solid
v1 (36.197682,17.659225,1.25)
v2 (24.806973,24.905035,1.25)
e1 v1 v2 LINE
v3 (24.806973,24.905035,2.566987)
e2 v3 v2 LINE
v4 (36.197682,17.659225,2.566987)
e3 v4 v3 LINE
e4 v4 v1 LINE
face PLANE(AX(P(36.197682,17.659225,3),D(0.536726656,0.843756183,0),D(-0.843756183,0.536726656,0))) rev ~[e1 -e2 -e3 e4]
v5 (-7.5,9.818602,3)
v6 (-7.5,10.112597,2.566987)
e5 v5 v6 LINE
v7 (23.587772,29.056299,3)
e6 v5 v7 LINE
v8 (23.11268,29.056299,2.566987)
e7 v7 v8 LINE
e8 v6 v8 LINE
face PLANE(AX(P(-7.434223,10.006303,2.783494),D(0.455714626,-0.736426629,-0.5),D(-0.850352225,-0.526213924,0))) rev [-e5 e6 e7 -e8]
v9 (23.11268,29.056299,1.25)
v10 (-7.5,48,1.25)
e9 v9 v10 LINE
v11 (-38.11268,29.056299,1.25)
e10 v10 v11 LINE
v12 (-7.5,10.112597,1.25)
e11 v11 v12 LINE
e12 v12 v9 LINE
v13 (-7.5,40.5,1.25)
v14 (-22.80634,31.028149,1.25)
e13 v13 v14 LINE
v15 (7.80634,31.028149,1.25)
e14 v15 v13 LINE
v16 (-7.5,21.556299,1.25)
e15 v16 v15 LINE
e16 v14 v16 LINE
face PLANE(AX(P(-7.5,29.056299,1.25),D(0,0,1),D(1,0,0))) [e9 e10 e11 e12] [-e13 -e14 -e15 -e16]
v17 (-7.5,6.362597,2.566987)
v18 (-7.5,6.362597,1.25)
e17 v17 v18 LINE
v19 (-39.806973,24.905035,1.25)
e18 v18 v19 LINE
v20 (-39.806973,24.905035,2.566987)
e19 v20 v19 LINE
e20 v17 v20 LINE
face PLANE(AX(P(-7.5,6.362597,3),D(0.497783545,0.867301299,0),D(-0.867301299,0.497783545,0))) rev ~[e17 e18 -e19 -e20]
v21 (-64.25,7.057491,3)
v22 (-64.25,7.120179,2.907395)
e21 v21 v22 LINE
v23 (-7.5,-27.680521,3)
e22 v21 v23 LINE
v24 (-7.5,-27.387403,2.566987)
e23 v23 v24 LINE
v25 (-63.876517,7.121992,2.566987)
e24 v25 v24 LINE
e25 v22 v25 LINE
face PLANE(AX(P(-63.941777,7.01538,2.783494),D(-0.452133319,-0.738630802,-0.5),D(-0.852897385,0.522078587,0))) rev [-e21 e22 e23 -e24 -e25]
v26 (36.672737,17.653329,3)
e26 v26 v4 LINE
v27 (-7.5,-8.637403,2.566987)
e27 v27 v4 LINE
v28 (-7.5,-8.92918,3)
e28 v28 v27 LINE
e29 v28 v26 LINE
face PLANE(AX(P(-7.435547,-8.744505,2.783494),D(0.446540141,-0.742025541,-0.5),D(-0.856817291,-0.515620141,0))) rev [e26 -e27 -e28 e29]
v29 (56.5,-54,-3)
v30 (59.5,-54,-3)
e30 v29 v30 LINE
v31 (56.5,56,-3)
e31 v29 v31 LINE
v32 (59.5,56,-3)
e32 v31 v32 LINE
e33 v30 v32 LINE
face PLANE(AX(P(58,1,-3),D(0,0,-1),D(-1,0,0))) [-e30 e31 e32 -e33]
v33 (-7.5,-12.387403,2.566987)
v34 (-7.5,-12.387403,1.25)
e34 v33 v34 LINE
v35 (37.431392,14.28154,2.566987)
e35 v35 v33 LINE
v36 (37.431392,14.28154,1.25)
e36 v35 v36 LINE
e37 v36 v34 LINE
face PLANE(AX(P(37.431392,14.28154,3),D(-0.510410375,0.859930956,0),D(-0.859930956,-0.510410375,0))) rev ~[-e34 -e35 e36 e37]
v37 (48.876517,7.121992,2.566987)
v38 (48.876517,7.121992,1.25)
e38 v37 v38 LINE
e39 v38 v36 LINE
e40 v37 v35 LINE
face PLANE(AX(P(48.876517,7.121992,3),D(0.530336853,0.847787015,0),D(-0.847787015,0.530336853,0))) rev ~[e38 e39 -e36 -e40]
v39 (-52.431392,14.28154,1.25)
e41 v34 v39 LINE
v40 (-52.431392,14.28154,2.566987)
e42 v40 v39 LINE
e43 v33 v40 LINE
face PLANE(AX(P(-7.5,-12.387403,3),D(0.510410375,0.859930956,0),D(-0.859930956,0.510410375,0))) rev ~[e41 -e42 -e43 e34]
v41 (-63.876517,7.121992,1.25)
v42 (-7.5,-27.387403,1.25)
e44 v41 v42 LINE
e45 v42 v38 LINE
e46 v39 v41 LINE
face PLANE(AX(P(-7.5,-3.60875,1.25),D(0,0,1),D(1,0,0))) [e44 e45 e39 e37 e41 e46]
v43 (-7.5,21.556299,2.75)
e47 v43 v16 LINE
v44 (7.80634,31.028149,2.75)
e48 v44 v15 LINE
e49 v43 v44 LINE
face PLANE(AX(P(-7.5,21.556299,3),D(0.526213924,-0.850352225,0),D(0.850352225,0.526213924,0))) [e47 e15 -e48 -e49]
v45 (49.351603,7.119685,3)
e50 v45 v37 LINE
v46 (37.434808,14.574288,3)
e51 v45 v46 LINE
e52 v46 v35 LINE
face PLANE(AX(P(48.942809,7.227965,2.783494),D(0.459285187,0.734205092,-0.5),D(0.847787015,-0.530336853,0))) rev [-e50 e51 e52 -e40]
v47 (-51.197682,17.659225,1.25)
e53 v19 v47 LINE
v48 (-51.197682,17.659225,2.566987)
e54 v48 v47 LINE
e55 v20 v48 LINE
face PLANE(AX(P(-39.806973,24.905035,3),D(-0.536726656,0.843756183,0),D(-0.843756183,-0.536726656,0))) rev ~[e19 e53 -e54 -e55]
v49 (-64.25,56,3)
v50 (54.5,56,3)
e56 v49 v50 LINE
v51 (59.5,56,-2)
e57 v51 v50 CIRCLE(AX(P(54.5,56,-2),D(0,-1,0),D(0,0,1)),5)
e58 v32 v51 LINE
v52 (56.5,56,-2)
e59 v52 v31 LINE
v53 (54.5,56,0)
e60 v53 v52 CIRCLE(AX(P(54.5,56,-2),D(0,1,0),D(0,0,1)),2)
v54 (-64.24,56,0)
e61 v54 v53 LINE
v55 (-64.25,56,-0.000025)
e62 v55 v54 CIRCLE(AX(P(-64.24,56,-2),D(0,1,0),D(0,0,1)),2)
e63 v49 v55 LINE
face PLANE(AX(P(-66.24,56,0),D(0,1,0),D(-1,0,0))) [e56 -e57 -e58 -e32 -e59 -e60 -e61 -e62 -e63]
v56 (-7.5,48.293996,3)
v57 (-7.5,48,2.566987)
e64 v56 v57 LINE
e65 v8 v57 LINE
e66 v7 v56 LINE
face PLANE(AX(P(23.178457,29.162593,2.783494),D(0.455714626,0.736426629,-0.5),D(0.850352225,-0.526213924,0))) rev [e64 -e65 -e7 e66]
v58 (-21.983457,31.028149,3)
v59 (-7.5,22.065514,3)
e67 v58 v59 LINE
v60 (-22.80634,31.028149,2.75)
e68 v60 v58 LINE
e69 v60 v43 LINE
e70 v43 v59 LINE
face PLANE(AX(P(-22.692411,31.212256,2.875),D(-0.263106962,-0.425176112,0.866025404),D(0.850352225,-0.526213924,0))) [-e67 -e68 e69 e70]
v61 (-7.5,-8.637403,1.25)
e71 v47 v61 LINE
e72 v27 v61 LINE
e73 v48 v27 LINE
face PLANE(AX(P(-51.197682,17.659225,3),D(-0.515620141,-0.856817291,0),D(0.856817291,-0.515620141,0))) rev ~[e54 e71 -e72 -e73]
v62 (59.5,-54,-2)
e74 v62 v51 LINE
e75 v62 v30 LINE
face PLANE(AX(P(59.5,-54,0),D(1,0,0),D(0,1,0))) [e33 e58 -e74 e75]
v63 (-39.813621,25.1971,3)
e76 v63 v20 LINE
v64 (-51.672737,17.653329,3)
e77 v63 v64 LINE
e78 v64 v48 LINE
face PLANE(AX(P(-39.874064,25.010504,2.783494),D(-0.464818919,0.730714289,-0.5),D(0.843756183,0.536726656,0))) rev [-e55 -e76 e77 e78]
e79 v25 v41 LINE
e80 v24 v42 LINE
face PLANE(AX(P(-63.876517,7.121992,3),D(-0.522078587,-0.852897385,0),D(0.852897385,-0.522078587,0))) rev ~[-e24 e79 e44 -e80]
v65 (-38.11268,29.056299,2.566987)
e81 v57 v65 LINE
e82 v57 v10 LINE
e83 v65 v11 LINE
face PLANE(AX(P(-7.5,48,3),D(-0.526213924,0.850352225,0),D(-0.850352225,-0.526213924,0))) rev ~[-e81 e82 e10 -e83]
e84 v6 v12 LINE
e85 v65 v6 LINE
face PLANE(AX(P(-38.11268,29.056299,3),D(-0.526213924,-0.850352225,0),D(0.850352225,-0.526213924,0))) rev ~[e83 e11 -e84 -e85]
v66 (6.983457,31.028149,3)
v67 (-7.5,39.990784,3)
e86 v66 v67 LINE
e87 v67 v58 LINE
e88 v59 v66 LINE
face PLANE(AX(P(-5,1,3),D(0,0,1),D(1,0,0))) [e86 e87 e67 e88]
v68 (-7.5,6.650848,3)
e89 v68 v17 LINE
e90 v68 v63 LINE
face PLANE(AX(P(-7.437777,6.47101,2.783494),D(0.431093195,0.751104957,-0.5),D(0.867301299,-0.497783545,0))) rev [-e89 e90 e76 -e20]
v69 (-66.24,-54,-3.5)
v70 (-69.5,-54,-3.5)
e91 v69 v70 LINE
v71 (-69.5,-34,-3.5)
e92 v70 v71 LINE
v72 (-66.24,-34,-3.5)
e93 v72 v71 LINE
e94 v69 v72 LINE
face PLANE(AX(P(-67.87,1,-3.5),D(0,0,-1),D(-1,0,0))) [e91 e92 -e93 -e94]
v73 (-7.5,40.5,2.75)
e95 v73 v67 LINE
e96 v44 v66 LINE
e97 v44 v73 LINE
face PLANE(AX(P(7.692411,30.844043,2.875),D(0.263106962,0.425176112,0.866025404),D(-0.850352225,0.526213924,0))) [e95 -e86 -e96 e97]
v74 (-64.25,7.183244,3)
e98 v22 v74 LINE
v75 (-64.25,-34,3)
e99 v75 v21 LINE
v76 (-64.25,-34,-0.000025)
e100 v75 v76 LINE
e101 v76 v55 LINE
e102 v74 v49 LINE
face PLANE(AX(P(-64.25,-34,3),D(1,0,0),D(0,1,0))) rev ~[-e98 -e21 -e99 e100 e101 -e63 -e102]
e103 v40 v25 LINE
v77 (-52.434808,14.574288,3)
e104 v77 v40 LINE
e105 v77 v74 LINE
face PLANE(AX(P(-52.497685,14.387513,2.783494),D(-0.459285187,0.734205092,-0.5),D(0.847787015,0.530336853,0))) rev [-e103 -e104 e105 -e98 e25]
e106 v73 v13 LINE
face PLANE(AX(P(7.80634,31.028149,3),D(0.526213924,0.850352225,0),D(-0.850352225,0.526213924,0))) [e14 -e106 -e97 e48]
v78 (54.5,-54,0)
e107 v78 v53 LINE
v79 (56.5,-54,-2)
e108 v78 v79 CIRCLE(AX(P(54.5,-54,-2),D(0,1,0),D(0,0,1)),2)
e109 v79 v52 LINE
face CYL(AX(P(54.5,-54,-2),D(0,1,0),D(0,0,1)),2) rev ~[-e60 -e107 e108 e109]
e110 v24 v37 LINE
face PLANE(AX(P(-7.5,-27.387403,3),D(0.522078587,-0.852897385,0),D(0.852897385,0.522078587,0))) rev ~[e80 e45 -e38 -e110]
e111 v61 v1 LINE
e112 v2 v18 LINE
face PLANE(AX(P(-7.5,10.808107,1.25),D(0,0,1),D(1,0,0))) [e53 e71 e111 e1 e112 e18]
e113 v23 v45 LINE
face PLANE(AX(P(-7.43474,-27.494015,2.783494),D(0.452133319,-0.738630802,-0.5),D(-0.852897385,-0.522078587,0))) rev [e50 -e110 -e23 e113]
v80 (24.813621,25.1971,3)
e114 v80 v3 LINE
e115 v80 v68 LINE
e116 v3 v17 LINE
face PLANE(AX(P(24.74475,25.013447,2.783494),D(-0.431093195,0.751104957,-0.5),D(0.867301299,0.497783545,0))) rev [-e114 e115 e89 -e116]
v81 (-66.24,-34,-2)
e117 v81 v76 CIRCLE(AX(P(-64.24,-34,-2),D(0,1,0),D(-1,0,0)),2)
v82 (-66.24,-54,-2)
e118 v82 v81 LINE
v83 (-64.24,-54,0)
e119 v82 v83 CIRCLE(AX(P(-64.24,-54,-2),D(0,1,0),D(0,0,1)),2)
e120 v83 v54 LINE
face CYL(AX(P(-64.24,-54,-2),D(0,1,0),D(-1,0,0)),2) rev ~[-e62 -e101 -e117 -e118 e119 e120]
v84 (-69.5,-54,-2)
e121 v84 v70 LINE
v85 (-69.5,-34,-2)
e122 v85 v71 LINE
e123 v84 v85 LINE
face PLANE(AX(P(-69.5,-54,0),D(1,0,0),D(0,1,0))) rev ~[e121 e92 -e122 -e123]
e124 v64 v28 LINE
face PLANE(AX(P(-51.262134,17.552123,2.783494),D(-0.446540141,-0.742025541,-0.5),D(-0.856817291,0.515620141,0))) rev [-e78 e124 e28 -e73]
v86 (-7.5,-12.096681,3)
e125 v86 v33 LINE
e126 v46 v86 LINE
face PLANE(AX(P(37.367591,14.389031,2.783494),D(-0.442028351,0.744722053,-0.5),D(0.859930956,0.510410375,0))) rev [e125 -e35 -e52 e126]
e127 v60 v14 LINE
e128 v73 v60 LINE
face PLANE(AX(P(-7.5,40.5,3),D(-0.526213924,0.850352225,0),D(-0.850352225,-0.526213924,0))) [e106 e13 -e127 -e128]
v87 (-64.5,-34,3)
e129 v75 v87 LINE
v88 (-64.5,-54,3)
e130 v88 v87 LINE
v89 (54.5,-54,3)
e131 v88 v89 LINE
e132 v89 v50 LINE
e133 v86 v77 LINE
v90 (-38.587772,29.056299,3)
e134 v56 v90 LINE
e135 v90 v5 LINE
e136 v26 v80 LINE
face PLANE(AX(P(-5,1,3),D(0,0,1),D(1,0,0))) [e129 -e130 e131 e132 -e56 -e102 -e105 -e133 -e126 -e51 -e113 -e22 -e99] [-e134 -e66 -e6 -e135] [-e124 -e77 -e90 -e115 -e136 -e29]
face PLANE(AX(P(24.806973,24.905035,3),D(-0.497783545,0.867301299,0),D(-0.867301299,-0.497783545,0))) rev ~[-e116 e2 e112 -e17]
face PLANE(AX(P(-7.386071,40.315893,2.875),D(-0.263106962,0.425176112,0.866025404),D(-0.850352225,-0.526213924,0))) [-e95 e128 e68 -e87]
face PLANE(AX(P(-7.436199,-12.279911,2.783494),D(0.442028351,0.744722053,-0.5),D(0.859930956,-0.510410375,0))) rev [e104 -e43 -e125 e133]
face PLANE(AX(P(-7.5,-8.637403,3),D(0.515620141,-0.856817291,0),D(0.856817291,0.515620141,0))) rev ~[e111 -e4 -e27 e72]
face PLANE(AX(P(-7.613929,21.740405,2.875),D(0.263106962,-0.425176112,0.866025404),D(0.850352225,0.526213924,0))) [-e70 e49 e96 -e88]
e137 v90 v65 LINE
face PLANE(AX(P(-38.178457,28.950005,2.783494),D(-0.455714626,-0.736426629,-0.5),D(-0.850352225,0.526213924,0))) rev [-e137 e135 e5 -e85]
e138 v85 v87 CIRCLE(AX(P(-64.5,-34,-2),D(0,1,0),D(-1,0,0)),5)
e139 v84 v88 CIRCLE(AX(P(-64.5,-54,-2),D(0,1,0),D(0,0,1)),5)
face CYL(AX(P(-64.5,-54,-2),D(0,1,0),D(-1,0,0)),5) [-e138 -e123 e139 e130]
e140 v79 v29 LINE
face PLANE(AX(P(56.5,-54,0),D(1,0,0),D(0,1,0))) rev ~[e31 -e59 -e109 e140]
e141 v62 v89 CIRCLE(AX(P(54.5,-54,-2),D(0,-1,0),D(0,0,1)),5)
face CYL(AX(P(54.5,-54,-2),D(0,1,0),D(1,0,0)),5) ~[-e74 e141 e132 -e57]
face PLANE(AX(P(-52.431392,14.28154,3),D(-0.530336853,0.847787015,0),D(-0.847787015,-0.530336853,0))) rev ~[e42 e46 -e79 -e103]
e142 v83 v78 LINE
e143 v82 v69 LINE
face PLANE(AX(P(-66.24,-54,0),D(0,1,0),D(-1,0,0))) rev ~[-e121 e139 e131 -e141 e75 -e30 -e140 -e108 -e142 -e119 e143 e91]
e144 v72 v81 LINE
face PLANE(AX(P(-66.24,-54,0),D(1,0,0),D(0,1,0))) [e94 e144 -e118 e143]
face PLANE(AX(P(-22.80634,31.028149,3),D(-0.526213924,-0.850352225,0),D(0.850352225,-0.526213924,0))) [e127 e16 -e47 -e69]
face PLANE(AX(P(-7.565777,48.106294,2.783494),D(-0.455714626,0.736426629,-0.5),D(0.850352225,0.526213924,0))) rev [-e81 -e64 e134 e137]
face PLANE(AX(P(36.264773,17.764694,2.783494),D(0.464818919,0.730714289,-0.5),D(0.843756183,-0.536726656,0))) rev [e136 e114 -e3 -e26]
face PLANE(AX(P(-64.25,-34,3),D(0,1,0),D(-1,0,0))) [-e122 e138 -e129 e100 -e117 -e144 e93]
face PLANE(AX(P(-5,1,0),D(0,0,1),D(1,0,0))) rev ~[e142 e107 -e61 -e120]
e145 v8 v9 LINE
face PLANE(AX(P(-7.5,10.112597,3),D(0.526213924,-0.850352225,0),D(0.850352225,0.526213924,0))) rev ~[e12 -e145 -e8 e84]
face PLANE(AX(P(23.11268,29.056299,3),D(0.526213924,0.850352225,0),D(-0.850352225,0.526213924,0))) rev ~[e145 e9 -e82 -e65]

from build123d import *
from OCP.BRepFilletAPI import BRepFilletAPI_MakeChamfer

# Parameters (mm, degrees)
SKETCH1_W           = 129
SKETCH1_H           = 110
BOSS_EXTRUDE1_DEPTH = 3
SKETCH8_W           = 3
SKETCH8_H           = 110
BOSS_EXTRUDE5_DEPTH = 3
FILLET4_R           = 2
FILLET5_R           = 5
SKETCH9_W           = 1
SKETCH9_H           = 110
BOSS_EXTRUDE6_DEPTH = 2.5
BOSS_EXTRUDE7_DEPTH = 110
CUT_EXTRUDE3_DEPTH  = 1.75
CHAMFER3_SIZE       = 0.25
CHAMFER3_SIZE2      = 0.433012702
SKETCH14_W          = 3.26
SKETCH14_H          = 110
BOSS_EXTRUDE8_DEPTH = 3.5
FILLET6_R           = 2
FILLET7_R           = 5
CUT_EXTRUDE4_START  = -6.5
SKETCH17_W          = 5.25
SKETCH17_H          = 90
CUT_EXTRUDE4_DEPTH  = 6.5
SKETCH18_W          = 3
SKETCH18_H          = 3.302013378
CUT_EXTRUDE5_DEPTH  = 110


with BuildPart() as part:
    # Sketch1 → Boss-Extrude1 (new body)
    with BuildSketch(Plane.XY):
        with Locations((-5, 1)):
            Rectangle(SKETCH1_W, SKETCH1_H)
    extrude(amount=BOSS_EXTRUDE1_DEPTH)

    # Sketch8 → Boss-Extrude5 (add)
    with BuildSketch(Plane(origin=(0, 0, 0), x_dir=(-1, 0, 0), z_dir=(0, 0, -1))):
        with Locations((-58, 1)):
            Rectangle(SKETCH8_W, SKETCH8_H)
    extrude(amount=BOSS_EXTRUDE5_DEPTH)

    # Fillet4
    fillet4_edges = [part.edges().sort_by_distance(p)[0] for p in [
        (56.5, 1, 0),
    ]]
    fillet(fillet4_edges, radius=FILLET4_R)

    # Fillet5
    fillet5_edges = [part.edges().sort_by_distance(p)[0] for p in [
        (59.5, 1, 3),
    ]]
    fillet(fillet5_edges, radius=FILLET5_R)

    # Sketch9 → Boss-Extrude6 (add)
    with BuildSketch(Plane(origin=(0, 0, -3), x_dir=(-1, 0, 0), z_dir=(0, 0, -1))):
        with Locations((-58, 1)):
            Rectangle(SKETCH9_W, SKETCH9_H)
    extrude(amount=BOSS_EXTRUDE6_DEPTH)

    # Sketch10 → Boss-Extrude7 (add, through all)
    with BuildSketch(Plane(origin=(0, 56, 0), x_dir=(1, 0, 0), z_dir=(0, 1, 0))):
        Polygon((57.5, 5.5), (57, 3), (57.5, 3), align=None)
    extrude(amount=-BOSS_EXTRUDE7_DEPTH)

    # Sketch13 → Cut-Extrude3 (cut)
    # profile 1 of 3: a face of its own
    with BuildSketch(Plane.XY.offset(3)):
        Polygon((-7.5, 48), (-38.1126801, 29.056298749), (-7.5, 10.112597497), (23.1126801, 29.056298749), align=None)
        Polygon((-7.5, 40.5), (-22.80634005, 31.028149374), (-7.5, 21.556298749), (7.80634005, 31.028149374), align=None, mode=Mode.SUBTRACT)
    # profile 2 of 3: a face of its own
    with BuildSketch(Plane.XY.offset(3)):
        Polygon((-39.806973372, 24.905034542), (-51.197681844, 17.659224685), (-7.5, -8.637402503), (36.197681844, 17.659224685), (24.806973372, 24.905034542), (-7.5, 6.362597497), align=None)
    # profile 3 of 3: a face of its own
    with BuildSketch(Plane.XY.offset(3)):
        Polygon((-52.431392449, 14.281539595), (-63.876517147, 7.121992079), (-7.5, -27.387402503), (48.876517147, 7.121992079), (37.431392449, 14.281539595), (-7.5, -12.387402503), align=None)
    extrude(amount=-CUT_EXTRUDE3_DEPTH, mode=Mode.SUBTRACT)

    # Chamfer3: one chamfer whose edges measure the first distance from different faces: ONE call of the kernel's chamfer builder (chamfer() names one face for all edges)
    chamfer3_edges_1 = [part.edges().sort_by_distance(p)[0] for p in [
        (-23.653486686, 15.63381602, 3),
        (-45.502327608, 21.282129613, 3),
        (-29.348840922, 4.510911091, 3),
        (14.348840922, 4.510911091, 3),
        (30.502327608, 21.282129613, 3),
        (8.653486686, 15.63381602, 3),
        (-29.965696224, 0.947068546, 3),
        (-58.153954798, 10.701765837, 3),
        (-35.688258573, -10.132705212, 3),
        (20.688258573, -10.132705212, 3),
        (43.153954798, 10.701765837, 3),
        (14.965696224, 0.947068546, 3),
        (7.80634005, 38.528149374, 3),
        (-22.80634005, 38.528149374, 3),
        (-22.80634005, 19.584448123, 3),
        (7.80634005, 19.584448123, 3),
    ]]
    chamfer3_side_1 = [part.faces().sort_by_distance(p)[0] for p in [
        (-7.5, 54.34241139, 3),
    ]]
    chamfer3_edges_2 = [part.edges().sort_by_distance(p)[0] for p in [
        (0.153170025, 35.764074687, 3),
    ]]
    chamfer3_side_2 = [part.faces().sort_by_distance(p)[0] for p in [
        (0.153170025, 35.764074687, 2.125),
    ]]
    chamfer3_edges_3 = [part.edges().sort_by_distance(p)[0] for p in [
        (0.153170025, 26.292224061, 3),
    ]]
    chamfer3_side_3 = [part.faces().sort_by_distance(p)[0] for p in [
        (0.153170025, 26.292224061, 2.125),
    ]]
    chamfer3_edges_4 = [part.edges().sort_by_distance(p)[0] for p in [
        (-15.153170025, 26.292224061, 3),
    ]]
    chamfer3_side_4 = [part.faces().sort_by_distance(p)[0] for p in [
        (-15.153170025, 26.292224061, 2.125),
    ]]
    chamfer3_edges_5 = [part.edges().sort_by_distance(p)[0] for p in [
        (-15.153170025, 35.764074687, 3),
    ]]
    chamfer3_side_5 = [part.faces().sort_by_distance(p)[0] for p in [
        (-15.153170025, 35.764074687, 2.125),
    ]]
    chamfer3 = BRepFilletAPI_MakeChamfer(part.part.solid().wrapped)
    for e in chamfer3_edges_1:
        chamfer3.Add(CHAMFER3_SIZE, CHAMFER3_SIZE2, e.wrapped, chamfer3_side_1[0].wrapped)  # the first distance lies on this face
    for e in chamfer3_edges_2:
        chamfer3.Add(CHAMFER3_SIZE, CHAMFER3_SIZE2, e.wrapped, chamfer3_side_2[0].wrapped)  # the first distance lies on this face
    for e in chamfer3_edges_3:
        chamfer3.Add(CHAMFER3_SIZE, CHAMFER3_SIZE2, e.wrapped, chamfer3_side_3[0].wrapped)  # the first distance lies on this face
    for e in chamfer3_edges_4:
        chamfer3.Add(CHAMFER3_SIZE, CHAMFER3_SIZE2, e.wrapped, chamfer3_side_4[0].wrapped)  # the first distance lies on this face
    for e in chamfer3_edges_5:
        chamfer3.Add(CHAMFER3_SIZE, CHAMFER3_SIZE2, e.wrapped, chamfer3_side_5[0].wrapped)  # the first distance lies on this face
    add(Compound.cast(chamfer3.Shape()), mode=Mode.REPLACE)

    # Sketch14 → Boss-Extrude8 (add)
    with BuildSketch(Plane(origin=(0, 0, 0), x_dir=(-1, 0, 0), z_dir=(0, 0, -1))):
        with Locations((67.87, 1)):
            Rectangle(SKETCH14_W, SKETCH14_H)
    extrude(amount=BOSS_EXTRUDE8_DEPTH)

    # Fillet6
    fillet6_edges = [part.edges().sort_by_distance(p)[0] for p in [
        (-66.24, 1, 0),
    ]]
    fillet(fillet6_edges, radius=FILLET6_R)

    # Fillet7
    fillet7_edges = [part.edges().sort_by_distance(p)[0] for p in [
        (-69.5, 1, 3),
    ]]
    fillet(fillet7_edges, radius=FILLET7_R)

    # Sketch17 → Cut-Extrude4 (cut)
    with BuildSketch(Plane(origin=(0, 0, -3.5), x_dir=(-1, 0, 0), z_dir=(0, 0, -1)).offset(CUT_EXTRUDE4_START)):
        with Locations((66.875, 11)):
            Rectangle(SKETCH17_W, SKETCH17_H)
    extrude(amount=CUT_EXTRUDE4_DEPTH, mode=Mode.SUBTRACT)

    # Sketch18 → Cut-Extrude5 (cut)
    with BuildSketch(Plane(origin=(0, 56, 0), x_dir=(1, 0, 0), z_dir=(0, 1, 0))):
        with Locations((58, 4.651006689)):
            Rectangle(SKETCH18_W, SKETCH18_H)
    extrude(amount=-CUT_EXTRUDE5_DEPTH, mode=Mode.SUBTRACT)


solid = part.part
